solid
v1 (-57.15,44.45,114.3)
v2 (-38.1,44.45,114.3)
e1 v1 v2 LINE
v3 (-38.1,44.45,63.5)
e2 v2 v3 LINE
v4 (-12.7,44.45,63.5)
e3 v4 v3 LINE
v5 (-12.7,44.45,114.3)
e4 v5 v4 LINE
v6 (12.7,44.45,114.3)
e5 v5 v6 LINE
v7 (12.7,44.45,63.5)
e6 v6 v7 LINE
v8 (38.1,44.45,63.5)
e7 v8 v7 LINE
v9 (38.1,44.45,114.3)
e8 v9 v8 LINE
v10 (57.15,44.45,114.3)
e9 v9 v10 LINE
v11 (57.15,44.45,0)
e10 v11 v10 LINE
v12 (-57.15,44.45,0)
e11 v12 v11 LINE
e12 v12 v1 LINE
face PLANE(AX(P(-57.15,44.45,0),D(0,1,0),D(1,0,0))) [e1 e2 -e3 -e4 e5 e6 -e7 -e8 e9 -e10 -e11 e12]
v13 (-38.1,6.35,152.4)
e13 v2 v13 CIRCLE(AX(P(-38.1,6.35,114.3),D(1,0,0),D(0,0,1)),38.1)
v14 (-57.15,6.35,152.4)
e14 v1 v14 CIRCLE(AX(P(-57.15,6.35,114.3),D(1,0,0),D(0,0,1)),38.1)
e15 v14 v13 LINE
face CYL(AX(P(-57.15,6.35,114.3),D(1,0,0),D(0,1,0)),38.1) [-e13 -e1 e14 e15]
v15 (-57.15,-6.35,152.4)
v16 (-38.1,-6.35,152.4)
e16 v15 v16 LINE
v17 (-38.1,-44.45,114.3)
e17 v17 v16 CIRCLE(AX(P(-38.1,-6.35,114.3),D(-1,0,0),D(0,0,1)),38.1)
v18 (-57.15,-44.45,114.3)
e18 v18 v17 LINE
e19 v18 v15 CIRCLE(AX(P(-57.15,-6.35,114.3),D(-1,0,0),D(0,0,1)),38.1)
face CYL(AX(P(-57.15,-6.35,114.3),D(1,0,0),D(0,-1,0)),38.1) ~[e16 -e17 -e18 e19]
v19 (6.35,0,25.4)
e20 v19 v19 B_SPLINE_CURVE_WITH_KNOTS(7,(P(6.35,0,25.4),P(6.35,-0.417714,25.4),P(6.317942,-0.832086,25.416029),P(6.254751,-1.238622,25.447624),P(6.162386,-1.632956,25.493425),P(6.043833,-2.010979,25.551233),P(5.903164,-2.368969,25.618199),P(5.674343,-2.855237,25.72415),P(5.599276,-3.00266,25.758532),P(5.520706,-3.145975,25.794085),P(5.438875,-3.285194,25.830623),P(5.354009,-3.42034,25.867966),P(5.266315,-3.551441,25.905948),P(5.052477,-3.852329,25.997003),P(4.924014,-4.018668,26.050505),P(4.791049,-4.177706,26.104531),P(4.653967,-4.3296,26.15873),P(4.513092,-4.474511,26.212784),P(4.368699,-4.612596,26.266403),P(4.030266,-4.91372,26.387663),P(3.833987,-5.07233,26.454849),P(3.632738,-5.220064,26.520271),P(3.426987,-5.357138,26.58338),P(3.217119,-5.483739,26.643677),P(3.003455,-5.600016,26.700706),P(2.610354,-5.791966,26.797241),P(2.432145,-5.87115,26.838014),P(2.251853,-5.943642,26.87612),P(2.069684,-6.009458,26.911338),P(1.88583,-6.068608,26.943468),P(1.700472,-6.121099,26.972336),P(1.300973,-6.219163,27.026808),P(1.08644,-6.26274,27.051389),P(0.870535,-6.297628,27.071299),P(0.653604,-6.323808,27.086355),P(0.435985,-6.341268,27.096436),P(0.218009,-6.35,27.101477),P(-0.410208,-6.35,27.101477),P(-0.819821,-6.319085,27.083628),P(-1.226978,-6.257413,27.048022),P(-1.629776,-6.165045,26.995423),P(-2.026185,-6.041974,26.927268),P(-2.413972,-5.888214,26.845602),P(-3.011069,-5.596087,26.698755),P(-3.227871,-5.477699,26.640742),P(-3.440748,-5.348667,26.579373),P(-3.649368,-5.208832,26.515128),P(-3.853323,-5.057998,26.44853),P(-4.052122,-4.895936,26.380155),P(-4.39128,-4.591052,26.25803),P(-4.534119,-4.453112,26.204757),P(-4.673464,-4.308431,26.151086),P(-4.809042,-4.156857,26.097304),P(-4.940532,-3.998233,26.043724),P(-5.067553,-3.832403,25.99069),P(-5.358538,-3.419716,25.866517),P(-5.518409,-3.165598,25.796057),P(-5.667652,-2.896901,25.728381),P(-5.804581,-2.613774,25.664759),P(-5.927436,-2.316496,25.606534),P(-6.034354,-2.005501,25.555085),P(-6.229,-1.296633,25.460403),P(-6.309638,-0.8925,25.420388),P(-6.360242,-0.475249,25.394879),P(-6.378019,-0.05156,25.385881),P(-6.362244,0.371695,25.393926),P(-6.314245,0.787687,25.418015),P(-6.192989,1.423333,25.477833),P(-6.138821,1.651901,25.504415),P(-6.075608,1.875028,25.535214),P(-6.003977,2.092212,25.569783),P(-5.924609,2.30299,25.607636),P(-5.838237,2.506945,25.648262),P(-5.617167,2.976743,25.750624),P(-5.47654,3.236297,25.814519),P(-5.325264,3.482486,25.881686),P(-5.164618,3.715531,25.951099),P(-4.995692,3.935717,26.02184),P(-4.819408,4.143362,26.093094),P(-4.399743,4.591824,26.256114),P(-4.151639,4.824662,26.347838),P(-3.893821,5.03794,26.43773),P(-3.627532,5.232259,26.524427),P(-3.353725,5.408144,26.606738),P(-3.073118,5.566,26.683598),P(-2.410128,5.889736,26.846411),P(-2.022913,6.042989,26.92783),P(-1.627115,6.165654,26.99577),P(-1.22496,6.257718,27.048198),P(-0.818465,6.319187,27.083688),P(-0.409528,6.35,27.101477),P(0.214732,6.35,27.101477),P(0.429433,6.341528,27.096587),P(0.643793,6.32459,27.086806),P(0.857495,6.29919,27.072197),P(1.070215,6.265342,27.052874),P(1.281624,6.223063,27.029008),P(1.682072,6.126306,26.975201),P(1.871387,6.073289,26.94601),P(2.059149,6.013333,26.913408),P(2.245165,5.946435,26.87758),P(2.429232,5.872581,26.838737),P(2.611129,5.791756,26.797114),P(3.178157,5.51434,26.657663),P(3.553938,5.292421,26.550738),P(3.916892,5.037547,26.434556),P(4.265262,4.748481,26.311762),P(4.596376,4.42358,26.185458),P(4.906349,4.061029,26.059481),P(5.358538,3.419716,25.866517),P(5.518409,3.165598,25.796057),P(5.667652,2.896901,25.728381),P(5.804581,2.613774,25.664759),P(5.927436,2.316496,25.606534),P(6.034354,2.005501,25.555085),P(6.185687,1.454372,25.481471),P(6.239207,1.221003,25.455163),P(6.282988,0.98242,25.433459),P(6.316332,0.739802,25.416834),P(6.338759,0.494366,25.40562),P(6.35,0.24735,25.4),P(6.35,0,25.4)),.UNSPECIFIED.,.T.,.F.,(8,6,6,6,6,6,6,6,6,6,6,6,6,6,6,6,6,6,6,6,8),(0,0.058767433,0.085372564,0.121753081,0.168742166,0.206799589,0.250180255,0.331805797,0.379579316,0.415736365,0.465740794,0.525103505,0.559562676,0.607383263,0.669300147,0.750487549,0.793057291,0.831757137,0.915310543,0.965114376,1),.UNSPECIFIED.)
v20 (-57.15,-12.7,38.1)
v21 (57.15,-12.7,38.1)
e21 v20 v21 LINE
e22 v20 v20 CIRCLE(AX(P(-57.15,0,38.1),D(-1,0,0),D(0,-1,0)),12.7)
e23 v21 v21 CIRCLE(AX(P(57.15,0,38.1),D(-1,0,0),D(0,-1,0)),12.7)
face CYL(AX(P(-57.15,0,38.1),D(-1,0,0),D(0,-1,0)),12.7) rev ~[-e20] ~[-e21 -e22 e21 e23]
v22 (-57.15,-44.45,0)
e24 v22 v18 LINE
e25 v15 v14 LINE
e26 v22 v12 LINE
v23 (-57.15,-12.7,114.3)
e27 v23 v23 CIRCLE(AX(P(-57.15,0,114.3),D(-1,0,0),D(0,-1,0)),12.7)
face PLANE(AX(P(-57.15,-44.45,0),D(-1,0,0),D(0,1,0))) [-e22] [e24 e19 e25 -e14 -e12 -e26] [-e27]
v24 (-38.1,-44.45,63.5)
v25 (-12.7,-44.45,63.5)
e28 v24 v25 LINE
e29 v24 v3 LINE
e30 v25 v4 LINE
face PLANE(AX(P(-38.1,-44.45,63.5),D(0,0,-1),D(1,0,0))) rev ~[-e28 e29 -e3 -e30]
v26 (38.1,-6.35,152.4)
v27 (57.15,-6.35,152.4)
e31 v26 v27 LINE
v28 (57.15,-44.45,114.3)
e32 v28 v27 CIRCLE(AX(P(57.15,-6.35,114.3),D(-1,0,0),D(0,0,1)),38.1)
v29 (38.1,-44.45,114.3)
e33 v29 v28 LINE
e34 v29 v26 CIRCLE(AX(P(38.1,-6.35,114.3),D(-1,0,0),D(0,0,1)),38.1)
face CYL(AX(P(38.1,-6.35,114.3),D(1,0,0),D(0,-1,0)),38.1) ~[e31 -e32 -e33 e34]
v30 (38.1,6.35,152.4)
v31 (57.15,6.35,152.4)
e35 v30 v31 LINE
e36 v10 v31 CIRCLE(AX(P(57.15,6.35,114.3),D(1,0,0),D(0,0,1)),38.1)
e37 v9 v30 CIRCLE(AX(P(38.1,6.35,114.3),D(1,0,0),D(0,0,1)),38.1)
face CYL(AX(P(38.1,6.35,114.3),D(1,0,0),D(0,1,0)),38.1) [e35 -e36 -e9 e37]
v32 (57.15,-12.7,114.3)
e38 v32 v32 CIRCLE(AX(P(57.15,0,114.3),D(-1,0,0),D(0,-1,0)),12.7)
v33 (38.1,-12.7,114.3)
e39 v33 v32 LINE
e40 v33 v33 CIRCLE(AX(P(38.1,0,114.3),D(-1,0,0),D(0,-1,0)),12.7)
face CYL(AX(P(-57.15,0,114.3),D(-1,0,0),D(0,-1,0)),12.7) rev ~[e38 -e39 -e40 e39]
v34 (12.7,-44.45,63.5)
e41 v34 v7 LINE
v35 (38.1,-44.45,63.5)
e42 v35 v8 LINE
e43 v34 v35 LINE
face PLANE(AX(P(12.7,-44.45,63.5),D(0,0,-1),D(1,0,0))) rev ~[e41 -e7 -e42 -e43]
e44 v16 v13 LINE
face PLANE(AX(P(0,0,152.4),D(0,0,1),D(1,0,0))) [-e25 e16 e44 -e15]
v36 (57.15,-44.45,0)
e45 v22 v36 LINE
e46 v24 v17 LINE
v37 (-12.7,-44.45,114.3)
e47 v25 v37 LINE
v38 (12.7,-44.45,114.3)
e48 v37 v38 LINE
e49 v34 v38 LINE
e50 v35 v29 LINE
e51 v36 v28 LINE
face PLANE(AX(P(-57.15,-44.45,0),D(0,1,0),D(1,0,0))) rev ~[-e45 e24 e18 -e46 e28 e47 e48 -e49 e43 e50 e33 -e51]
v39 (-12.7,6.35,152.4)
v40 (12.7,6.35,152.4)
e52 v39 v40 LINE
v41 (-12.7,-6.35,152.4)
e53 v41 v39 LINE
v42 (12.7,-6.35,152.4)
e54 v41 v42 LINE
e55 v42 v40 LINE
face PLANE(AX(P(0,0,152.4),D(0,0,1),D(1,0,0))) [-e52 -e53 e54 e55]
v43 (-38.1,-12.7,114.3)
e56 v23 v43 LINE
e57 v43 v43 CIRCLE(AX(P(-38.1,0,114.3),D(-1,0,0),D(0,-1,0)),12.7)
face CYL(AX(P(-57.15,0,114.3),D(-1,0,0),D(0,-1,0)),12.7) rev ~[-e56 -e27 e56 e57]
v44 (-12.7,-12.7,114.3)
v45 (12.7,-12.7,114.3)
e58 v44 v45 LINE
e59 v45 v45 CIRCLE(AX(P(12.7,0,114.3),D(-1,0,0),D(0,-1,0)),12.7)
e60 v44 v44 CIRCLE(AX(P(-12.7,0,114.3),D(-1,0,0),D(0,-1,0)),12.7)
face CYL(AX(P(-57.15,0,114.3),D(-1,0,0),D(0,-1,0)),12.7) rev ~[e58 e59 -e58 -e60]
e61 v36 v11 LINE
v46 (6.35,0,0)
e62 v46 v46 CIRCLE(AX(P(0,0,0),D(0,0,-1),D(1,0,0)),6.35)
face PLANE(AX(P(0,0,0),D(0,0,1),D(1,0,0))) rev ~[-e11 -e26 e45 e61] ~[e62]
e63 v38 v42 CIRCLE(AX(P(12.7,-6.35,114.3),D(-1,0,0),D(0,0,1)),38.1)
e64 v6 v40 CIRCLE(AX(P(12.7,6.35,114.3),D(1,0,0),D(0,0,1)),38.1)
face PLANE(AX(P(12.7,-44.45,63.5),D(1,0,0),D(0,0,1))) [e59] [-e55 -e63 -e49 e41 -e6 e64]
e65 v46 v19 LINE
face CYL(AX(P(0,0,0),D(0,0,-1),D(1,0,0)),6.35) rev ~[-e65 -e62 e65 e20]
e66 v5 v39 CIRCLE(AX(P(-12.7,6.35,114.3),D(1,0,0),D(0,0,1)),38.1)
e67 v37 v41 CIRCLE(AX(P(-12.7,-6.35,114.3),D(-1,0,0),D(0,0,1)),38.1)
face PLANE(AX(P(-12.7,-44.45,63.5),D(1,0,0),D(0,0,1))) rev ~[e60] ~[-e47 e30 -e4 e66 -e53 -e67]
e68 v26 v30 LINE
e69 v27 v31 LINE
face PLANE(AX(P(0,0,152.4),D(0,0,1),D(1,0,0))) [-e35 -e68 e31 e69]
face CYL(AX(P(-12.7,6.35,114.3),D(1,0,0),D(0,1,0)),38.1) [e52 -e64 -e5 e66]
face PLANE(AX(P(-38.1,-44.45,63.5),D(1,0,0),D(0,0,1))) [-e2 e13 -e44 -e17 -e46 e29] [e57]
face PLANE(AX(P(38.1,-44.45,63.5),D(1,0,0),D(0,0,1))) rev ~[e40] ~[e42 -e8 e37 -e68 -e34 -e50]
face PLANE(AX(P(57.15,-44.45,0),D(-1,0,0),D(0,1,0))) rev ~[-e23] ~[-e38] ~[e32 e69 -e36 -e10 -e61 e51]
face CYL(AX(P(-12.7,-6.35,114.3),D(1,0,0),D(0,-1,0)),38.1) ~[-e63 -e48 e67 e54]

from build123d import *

# Parameters (mm, degrees)
F0_W     = 114.3
F0_H     = 88.9
F1_DEPTH = 152.4
F2_W     = 25.4
F2_H     = 88.9
F3_DEPTH = 88.901
F4_R     = 38.1
F5_R     = 12.7
F6_DEPTH = 114.301
F7_R     = 6.35
F8_DEPTH = 38.1


with BuildPart() as f1:
    # F0 (on Top) → F1 (new body)
    with BuildSketch(Plane.XY):
        Rectangle(F0_W, F0_H)
    extrude(amount=F1_DEPTH)

    # F2 (on face) → F3 (cut, through all)
    with BuildSketch(Plane.XZ.offset(44.45)):
        with Locations((-25.4, 107.95)):
            Rectangle(F2_W, F2_H)
        with Locations((25.4, 107.95)):
            Rectangle(F2_W, F2_H)
    extrude(amount=-F3_DEPTH, mode=Mode.SUBTRACT)

    # F4
    f4_edges = [f1.edges().sort_by_distance(p)[0] for p in [
        (47.625, -44.45, 152.4),
        (0, -44.45, 152.4),
        (-47.625, -44.45, 152.4),
        (-47.625, 44.45, 152.4),
        (0, 44.45, 152.4),
        (47.625, 44.45, 152.4),
    ]]
    fillet(f4_edges, radius=F4_R)

    # F5 (on face) → F6 (cut, through all)
    with BuildSketch(Plane(origin=(-57.15, 0, 0), x_dir=(0, -1, 0), z_dir=(-1, 0, 0))):
        with Locations((0, 38.1)):
            Circle(F5_R)
        with Locations((0, 114.3)):
            Circle(F5_R)
    extrude(amount=-F6_DEPTH, mode=Mode.SUBTRACT)

    # F7 (on face) → F8 (cut)
    with BuildSketch(Plane(origin=(0, 0, 0), x_dir=(1, 0, 0), z_dir=(0, 0, -1))):
        Circle(F7_R)
    extrude(amount=-F8_DEPTH, mode=Mode.SUBTRACT)


solid = f1.part
